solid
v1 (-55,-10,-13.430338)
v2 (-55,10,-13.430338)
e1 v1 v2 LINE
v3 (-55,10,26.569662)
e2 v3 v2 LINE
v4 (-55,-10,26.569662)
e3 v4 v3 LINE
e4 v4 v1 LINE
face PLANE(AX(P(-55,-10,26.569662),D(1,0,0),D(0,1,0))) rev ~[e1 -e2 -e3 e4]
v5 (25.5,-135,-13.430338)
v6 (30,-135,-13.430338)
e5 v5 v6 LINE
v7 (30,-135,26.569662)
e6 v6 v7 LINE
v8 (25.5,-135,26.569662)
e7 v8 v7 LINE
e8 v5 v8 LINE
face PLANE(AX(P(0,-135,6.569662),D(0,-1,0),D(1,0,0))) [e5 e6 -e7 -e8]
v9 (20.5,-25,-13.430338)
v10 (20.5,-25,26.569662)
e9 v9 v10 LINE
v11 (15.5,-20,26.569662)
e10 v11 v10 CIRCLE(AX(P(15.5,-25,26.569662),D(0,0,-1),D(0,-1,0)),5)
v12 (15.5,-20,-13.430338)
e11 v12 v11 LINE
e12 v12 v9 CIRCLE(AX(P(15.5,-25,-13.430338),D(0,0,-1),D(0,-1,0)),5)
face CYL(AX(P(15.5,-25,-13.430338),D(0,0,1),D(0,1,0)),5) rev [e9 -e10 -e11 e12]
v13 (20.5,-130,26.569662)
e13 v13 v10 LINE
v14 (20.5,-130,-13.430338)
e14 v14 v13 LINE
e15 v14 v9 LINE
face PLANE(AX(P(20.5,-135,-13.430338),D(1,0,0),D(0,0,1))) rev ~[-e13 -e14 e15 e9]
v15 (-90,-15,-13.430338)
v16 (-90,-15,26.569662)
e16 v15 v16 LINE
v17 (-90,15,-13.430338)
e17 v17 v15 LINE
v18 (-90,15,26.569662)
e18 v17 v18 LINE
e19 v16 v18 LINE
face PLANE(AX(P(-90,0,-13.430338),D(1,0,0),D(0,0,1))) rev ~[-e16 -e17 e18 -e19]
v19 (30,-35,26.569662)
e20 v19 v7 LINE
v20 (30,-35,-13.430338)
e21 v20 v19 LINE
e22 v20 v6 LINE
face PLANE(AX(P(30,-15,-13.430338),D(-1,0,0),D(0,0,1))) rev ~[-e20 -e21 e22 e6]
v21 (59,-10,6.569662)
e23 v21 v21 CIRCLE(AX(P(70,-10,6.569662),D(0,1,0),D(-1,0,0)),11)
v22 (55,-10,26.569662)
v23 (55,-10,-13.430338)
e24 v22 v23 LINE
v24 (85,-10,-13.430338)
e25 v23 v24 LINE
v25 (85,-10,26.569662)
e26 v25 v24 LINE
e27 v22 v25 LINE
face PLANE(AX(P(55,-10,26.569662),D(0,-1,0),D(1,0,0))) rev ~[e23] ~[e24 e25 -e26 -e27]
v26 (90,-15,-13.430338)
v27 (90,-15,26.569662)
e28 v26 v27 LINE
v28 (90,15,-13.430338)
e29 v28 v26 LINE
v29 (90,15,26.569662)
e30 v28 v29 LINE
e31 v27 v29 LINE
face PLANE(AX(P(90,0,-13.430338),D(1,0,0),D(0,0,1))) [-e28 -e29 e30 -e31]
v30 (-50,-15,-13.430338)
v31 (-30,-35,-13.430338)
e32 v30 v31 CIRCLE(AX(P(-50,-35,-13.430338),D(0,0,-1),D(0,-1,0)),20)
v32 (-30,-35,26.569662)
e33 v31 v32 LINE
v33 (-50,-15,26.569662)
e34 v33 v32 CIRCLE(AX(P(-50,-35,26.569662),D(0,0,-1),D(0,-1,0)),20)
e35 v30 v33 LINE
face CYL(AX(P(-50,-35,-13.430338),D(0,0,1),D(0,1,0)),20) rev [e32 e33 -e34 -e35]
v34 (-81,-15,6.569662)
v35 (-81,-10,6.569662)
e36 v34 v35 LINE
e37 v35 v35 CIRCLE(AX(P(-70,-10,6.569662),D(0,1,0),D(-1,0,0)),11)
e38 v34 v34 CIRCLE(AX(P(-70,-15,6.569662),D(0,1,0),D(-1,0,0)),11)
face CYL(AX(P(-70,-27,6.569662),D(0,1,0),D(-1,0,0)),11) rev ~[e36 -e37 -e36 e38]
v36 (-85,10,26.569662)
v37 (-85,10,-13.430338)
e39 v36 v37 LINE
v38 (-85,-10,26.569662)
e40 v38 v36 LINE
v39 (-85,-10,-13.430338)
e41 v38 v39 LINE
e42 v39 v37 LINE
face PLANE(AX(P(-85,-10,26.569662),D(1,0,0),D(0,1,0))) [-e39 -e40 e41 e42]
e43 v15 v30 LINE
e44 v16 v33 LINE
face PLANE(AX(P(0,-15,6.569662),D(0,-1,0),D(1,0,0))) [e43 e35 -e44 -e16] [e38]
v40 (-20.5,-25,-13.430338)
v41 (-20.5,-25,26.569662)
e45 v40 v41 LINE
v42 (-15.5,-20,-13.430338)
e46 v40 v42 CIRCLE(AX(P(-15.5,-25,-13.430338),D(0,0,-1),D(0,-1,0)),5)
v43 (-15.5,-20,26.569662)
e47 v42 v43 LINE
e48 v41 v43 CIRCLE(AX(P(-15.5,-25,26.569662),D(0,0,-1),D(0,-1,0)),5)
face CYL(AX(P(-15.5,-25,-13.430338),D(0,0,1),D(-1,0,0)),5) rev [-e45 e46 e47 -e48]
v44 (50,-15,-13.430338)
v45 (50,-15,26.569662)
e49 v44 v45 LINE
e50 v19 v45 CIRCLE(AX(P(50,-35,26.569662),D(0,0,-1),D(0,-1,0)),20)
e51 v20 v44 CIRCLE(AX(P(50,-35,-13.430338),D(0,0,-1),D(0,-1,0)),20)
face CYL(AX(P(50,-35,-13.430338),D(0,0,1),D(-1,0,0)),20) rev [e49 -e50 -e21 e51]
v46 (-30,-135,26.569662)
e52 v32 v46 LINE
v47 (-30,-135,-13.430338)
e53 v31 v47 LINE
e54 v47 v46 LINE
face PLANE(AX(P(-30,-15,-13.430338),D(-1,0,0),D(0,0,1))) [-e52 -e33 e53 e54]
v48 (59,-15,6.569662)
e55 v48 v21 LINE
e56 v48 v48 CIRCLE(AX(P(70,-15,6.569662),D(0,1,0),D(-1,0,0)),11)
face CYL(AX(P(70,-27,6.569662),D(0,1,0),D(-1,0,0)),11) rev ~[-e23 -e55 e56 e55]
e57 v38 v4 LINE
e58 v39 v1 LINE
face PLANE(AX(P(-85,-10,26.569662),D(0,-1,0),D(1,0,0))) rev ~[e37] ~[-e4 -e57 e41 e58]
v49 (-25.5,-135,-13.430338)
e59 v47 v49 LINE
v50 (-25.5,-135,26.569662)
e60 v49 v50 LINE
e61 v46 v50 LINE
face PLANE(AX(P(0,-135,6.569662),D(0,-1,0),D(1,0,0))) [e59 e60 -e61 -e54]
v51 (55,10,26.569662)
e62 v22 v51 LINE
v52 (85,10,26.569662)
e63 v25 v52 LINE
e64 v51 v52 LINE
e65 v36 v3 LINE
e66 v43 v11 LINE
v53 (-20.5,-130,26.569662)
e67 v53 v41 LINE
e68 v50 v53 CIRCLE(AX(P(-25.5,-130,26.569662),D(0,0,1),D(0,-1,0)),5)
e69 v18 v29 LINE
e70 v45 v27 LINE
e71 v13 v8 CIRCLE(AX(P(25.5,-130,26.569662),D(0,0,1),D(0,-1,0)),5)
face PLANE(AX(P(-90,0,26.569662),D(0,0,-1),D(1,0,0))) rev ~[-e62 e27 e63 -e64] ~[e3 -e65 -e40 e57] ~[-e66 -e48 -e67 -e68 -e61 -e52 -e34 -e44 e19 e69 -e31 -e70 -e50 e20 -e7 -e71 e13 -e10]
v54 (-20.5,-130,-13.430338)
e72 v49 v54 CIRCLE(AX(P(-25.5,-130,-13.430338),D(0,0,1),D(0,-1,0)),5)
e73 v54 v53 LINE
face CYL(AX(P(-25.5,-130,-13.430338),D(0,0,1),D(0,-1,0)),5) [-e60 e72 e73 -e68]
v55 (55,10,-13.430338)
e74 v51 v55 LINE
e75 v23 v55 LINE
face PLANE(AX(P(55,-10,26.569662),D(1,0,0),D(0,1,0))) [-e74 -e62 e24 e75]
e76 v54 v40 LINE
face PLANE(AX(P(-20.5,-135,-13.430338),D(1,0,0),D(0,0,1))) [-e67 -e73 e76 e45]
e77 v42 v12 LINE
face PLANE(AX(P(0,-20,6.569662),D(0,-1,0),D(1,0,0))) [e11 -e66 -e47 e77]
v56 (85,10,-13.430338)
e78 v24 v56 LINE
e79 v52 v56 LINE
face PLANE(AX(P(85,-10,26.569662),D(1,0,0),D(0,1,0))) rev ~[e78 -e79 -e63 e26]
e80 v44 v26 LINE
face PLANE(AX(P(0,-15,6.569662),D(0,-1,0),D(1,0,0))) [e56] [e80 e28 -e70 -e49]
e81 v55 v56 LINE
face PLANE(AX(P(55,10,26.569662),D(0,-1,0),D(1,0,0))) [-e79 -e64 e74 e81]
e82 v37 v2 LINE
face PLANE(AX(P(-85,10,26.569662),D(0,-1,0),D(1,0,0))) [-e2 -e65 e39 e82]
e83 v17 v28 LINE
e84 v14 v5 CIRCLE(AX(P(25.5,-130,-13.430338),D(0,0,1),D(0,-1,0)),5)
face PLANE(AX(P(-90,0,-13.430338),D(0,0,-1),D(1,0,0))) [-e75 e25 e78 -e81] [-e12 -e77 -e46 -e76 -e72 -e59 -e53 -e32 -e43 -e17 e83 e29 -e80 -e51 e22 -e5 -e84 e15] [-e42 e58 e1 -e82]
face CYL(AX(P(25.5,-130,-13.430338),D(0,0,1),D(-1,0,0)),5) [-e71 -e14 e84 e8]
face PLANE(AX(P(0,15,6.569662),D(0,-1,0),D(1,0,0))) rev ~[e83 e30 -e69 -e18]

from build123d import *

# Parameters (mm, degrees)
F0_W      = 180
F0_H      = 40
F1_DEPTH  = 15
F2_W      = 60
F2_H      = 40
F3_DEPTH  = 120
F4_W      = 41
F4_H      = 40
F5_DEPTH  = 115
F6_R      = 20
F7_R      = 5
F8_W      = 30
F8_H      = 20
F9_DEPTH  = 40
F10_W     = 30
F10_H     = 20
F11_DEPTH = 40
F13_D     = 22
F13_DEPTH = 12
F13_TIP   = 6.6094668093
F15_D     = 22
F15_DEPTH = 12
F15_TIP   = 6.6094668093


with BuildPart() as f1:
    # F0 (on Front) → F1 (new body, symmetric)
    with BuildSketch(Plane.XZ):
        with Locations((0, 6.5696623251)):
            Rectangle(F0_W, F0_H)
    extrude(amount=F1_DEPTH, both=True)

    # F2 (on face) → F3 (join)
    with BuildSketch(Plane.XZ.offset(15)):
        with Locations((0, 6.5696623251)):
            Rectangle(F2_W, F2_H)
    extrude(amount=F3_DEPTH)

    # F4 (on face) → F5 (cut)
    with BuildSketch(Plane.XZ.offset(135)):
        with Locations((0, 6.5696623251)):
            Rectangle(F4_W, F4_H)
    extrude(amount=-F5_DEPTH, mode=Mode.SUBTRACT)

    # F6
    f6_edges = [f1.edges().sort_by_distance(p)[0] for p in [
        (-30, -15, 6.569662),
        (30, -15, 6.569662),
    ]]
    fillet(f6_edges, radius=F6_R)

    # F7
    f7_edges = [f1.edges().sort_by_distance(p)[0] for p in [
        (-20.5, -20, 6.569662),
        (20.5, -20, 6.569662),
        (-20.5, -135, 6.569662),
        (20.5, -135, 6.569662),
    ]]
    fillet(f7_edges, radius=F7_R)

    # F8 (on face) → F9 (cut)
    with BuildSketch(Plane.XY.offset(26.5696623251)):
        with Locations((-70, 0)):
            Rectangle(F8_W, F8_H)
    extrude(amount=-F9_DEPTH, mode=Mode.SUBTRACT)

    # F10 (on face) → F11 (cut)
    with BuildSketch(Plane.XY.offset(26.5696623251)):
        with Locations((70, 0)):
            Rectangle(F10_W, F10_H)
    extrude(amount=-F11_DEPTH, mode=Mode.SUBTRACT)

    # F13
    with Locations(Plane.XZ.offset(15)):
        with Locations((-70, 6.5696623251)):
            Hole(F13_D / 2, depth=F13_DEPTH)
            with Locations((0, 0, -(F13_DEPTH + F13_TIP / 2))):  # 118° drill point
                Cone(0, F13_D / 2, F13_TIP, mode=Mode.SUBTRACT)

    # F15
    with Locations(Plane.XZ.offset(15)):
        with Locations((70, 6.5696623251)):
            Hole(F15_D / 2, depth=F15_DEPTH)
            with Locations((0, 0, -(F15_DEPTH + F15_TIP / 2))):  # 118° drill point
                Cone(0, F15_D / 2, F15_TIP, mode=Mode.SUBTRACT)


solid = f1.part
